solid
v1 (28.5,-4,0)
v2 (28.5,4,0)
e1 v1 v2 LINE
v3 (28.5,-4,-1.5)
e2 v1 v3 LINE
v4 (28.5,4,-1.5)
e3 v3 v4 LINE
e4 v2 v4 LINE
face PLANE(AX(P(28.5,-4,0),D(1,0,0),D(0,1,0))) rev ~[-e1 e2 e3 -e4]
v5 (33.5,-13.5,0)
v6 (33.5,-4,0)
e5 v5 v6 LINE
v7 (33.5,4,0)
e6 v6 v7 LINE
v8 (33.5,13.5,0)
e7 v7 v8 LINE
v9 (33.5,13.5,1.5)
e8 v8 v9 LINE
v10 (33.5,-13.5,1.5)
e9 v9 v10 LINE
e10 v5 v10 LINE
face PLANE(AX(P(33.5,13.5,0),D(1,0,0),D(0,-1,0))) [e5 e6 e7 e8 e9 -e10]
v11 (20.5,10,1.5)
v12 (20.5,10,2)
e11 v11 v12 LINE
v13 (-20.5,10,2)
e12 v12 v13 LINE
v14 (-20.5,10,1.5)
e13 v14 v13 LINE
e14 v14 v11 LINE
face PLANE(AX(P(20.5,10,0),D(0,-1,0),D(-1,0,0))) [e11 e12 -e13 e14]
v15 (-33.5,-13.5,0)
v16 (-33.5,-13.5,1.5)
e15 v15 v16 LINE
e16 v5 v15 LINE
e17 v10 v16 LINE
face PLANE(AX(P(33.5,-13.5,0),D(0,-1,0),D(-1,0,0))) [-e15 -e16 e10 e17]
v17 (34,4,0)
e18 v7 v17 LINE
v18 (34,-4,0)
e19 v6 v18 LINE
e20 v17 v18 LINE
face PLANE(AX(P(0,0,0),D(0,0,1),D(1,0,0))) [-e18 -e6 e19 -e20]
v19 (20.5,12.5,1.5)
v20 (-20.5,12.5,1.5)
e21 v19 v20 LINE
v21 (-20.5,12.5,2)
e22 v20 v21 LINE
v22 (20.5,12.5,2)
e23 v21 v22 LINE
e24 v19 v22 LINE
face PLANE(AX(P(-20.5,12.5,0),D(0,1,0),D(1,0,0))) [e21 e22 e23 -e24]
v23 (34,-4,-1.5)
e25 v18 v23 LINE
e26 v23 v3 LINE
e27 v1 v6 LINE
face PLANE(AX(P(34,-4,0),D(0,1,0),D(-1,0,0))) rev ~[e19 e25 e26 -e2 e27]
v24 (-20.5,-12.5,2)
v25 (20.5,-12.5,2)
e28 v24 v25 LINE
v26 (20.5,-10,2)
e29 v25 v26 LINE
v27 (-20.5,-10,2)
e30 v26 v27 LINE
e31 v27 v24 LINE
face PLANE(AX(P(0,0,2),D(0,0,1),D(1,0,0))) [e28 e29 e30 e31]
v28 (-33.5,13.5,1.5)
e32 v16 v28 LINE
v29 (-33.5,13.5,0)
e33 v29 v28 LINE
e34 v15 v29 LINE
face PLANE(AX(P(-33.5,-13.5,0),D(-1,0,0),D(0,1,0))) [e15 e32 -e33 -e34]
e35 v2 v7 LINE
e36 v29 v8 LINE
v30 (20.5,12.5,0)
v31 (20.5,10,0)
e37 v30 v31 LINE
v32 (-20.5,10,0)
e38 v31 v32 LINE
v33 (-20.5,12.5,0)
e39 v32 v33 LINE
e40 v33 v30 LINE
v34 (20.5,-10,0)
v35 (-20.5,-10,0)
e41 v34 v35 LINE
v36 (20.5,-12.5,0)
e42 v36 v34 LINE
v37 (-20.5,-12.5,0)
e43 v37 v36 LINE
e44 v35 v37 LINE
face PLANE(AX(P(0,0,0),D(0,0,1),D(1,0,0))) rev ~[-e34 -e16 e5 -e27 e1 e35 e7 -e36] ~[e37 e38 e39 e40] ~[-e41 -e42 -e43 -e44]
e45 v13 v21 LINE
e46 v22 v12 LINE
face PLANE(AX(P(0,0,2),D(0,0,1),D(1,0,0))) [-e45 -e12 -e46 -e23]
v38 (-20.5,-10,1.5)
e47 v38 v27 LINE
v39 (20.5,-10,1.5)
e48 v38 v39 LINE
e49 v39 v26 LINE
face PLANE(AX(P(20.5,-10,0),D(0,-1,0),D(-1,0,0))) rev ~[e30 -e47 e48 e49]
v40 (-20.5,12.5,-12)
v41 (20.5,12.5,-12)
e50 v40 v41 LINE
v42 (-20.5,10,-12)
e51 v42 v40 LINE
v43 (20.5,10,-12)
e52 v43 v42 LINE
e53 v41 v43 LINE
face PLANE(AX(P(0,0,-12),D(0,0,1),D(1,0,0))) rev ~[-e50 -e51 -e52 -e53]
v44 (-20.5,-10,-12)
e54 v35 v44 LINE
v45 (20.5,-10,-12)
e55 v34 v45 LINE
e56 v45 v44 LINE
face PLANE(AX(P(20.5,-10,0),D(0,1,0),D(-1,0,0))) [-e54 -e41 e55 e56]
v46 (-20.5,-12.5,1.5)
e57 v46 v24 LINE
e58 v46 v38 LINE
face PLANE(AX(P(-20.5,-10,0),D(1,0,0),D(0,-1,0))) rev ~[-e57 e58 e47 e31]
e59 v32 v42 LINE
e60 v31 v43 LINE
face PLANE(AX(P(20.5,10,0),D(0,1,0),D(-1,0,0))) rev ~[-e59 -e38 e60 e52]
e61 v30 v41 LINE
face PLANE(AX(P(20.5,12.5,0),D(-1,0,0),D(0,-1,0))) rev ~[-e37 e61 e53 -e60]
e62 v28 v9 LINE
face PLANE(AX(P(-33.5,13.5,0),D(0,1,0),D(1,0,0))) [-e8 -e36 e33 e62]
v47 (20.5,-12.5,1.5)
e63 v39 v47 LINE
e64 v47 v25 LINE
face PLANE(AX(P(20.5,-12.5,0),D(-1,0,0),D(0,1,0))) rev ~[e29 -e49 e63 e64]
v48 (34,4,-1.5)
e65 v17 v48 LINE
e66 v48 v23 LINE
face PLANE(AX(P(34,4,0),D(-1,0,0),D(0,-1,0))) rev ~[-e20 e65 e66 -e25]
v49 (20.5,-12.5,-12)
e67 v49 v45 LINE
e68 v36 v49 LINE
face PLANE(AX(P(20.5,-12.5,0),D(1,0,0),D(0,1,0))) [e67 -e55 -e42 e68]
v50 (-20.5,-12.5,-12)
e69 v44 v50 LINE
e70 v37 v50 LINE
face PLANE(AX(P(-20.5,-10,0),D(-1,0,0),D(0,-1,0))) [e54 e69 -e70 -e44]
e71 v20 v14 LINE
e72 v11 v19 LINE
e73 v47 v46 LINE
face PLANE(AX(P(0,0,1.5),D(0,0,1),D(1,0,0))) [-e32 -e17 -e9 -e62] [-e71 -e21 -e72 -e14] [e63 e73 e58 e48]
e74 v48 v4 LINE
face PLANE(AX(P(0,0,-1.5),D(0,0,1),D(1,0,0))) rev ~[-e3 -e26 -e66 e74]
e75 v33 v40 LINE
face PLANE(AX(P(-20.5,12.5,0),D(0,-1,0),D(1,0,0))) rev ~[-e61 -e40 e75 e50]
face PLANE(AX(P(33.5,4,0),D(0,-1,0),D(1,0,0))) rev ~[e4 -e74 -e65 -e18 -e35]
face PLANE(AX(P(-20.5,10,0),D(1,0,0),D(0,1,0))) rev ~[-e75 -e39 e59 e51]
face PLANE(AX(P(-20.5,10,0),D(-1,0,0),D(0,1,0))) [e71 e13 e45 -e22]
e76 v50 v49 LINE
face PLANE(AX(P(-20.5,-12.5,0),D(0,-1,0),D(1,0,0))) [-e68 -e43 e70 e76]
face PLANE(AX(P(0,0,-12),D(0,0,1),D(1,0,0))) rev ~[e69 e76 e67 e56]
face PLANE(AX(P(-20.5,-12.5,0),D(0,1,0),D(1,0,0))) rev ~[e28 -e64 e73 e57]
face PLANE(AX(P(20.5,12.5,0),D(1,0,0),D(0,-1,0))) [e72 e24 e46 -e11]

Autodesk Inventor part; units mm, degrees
ref_plane "YZ Plane" through (0, 0, 0) normal (1, 0, 0) x (0, 1, 0)
ref_plane "XZ Plane" through (0, 0, 0) normal (0, 1, 0) x (-1, 0, 0)
ref_plane "XY Plane" through (0, 0, 0) normal (0, 0, 1) x (1, 0, 0)
sketch "スケッチ1" plane through (0, 0, 0) normal (0, 0, 1) x (1, 0, 0)
  line L0 (-33.5, 13.5) -> (33.5, 13.5)
  line L1 (33.5, 13.5) -> (33.5, -13.5)
  line L2 (33.5, -13.5) -> (-33.5, -13.5)
  line L3 (-33.5, -13.5) -> (-33.5, 13.5)
  line L4 (-33.5, 13.5) -> (33.5, -13.5) construction
  line L5 (33.5, 13.5) -> (-33.5, -13.5) construction
  line L6 (-47, 0) -> (47.5, 0) construction
  line L7 (33.5, 4) -> (34, 4)
  line L8 (34, 4) -> (34, -4)
  line L9 (34, -4) -> (33.5, -4)
  line L10 (33.5, -4) -> (33.5, 4) construction
  line L11 (33.5, 4) -> (34, -4) construction
  line L12 (34, 4) -> (33.5, -4) construction
  line L13 (0, 18.9) -> (0, -18.9) construction
  line L14 (-20.5, 12.5) -> (20.5, 12.5)
  line L15 (20.5, 12.5) -> (20.5, 10)
  line L16 (20.5, 10) -> (-20.5, 10)
  line L17 (-20.5, 10) -> (-20.5, 12.5)
  line L18 (-20.5, 12.5) -> (20.5, 10) construction
  line L19 (20.5, 12.5) -> (-20.5, 10) construction
  line L20 (-20.5, -12.5) -> (20.5, -12.5)
  line L21 (20.5, -12.5) -> (20.5, -10)
  line L22 (20.5, -10) -> (-20.5, -10)
  line L23 (-20.5, -10) -> (-20.5, -12.5)
  line L24 (33.5, -4) -> (28.5, -4)
  line L25 (28.5, -4) -> (28.5, 4)
  line L26 (28.5, 4) -> (33.5, 4)
  point P0 (0, 0)
  point P1 (33.75, 0)
  point P2 (0, 11.25)
  dimension "d0" = 67
  dimension "d1" = 27
  dimension "d2" = 0.5
  dimension "d3" = 8
  dimension "d6" = 41
  dimension "d7" = 2.5
  dimension "d8" = 1
  dimension "d9" = 5
extrude "押し出し1" add sketch "スケッチ1" along normal blind 1.5 contours L0 L1 L26 L25 L24 L2 L3 | L1 L24 L25 L26 | L14 L15 L16 L17 | L23 L22 L21 L20
extrude "押し出し2" add sketch "スケッチ1" against normal blind 1.5 contours L7 L8 L9 L1 | L1 L24 L25 L26
extrude "押し出し3" add sketch "スケッチ1" against normal blind 12 contours L14 L15 L16 L17 | L23 L22 L21 L20
extrude "押し出し4" add sketch "スケッチ1" along normal blind 2 contours L14 L15 L16 L17 | L23 L22 L21 L20
properties part number "opencm9.04"
